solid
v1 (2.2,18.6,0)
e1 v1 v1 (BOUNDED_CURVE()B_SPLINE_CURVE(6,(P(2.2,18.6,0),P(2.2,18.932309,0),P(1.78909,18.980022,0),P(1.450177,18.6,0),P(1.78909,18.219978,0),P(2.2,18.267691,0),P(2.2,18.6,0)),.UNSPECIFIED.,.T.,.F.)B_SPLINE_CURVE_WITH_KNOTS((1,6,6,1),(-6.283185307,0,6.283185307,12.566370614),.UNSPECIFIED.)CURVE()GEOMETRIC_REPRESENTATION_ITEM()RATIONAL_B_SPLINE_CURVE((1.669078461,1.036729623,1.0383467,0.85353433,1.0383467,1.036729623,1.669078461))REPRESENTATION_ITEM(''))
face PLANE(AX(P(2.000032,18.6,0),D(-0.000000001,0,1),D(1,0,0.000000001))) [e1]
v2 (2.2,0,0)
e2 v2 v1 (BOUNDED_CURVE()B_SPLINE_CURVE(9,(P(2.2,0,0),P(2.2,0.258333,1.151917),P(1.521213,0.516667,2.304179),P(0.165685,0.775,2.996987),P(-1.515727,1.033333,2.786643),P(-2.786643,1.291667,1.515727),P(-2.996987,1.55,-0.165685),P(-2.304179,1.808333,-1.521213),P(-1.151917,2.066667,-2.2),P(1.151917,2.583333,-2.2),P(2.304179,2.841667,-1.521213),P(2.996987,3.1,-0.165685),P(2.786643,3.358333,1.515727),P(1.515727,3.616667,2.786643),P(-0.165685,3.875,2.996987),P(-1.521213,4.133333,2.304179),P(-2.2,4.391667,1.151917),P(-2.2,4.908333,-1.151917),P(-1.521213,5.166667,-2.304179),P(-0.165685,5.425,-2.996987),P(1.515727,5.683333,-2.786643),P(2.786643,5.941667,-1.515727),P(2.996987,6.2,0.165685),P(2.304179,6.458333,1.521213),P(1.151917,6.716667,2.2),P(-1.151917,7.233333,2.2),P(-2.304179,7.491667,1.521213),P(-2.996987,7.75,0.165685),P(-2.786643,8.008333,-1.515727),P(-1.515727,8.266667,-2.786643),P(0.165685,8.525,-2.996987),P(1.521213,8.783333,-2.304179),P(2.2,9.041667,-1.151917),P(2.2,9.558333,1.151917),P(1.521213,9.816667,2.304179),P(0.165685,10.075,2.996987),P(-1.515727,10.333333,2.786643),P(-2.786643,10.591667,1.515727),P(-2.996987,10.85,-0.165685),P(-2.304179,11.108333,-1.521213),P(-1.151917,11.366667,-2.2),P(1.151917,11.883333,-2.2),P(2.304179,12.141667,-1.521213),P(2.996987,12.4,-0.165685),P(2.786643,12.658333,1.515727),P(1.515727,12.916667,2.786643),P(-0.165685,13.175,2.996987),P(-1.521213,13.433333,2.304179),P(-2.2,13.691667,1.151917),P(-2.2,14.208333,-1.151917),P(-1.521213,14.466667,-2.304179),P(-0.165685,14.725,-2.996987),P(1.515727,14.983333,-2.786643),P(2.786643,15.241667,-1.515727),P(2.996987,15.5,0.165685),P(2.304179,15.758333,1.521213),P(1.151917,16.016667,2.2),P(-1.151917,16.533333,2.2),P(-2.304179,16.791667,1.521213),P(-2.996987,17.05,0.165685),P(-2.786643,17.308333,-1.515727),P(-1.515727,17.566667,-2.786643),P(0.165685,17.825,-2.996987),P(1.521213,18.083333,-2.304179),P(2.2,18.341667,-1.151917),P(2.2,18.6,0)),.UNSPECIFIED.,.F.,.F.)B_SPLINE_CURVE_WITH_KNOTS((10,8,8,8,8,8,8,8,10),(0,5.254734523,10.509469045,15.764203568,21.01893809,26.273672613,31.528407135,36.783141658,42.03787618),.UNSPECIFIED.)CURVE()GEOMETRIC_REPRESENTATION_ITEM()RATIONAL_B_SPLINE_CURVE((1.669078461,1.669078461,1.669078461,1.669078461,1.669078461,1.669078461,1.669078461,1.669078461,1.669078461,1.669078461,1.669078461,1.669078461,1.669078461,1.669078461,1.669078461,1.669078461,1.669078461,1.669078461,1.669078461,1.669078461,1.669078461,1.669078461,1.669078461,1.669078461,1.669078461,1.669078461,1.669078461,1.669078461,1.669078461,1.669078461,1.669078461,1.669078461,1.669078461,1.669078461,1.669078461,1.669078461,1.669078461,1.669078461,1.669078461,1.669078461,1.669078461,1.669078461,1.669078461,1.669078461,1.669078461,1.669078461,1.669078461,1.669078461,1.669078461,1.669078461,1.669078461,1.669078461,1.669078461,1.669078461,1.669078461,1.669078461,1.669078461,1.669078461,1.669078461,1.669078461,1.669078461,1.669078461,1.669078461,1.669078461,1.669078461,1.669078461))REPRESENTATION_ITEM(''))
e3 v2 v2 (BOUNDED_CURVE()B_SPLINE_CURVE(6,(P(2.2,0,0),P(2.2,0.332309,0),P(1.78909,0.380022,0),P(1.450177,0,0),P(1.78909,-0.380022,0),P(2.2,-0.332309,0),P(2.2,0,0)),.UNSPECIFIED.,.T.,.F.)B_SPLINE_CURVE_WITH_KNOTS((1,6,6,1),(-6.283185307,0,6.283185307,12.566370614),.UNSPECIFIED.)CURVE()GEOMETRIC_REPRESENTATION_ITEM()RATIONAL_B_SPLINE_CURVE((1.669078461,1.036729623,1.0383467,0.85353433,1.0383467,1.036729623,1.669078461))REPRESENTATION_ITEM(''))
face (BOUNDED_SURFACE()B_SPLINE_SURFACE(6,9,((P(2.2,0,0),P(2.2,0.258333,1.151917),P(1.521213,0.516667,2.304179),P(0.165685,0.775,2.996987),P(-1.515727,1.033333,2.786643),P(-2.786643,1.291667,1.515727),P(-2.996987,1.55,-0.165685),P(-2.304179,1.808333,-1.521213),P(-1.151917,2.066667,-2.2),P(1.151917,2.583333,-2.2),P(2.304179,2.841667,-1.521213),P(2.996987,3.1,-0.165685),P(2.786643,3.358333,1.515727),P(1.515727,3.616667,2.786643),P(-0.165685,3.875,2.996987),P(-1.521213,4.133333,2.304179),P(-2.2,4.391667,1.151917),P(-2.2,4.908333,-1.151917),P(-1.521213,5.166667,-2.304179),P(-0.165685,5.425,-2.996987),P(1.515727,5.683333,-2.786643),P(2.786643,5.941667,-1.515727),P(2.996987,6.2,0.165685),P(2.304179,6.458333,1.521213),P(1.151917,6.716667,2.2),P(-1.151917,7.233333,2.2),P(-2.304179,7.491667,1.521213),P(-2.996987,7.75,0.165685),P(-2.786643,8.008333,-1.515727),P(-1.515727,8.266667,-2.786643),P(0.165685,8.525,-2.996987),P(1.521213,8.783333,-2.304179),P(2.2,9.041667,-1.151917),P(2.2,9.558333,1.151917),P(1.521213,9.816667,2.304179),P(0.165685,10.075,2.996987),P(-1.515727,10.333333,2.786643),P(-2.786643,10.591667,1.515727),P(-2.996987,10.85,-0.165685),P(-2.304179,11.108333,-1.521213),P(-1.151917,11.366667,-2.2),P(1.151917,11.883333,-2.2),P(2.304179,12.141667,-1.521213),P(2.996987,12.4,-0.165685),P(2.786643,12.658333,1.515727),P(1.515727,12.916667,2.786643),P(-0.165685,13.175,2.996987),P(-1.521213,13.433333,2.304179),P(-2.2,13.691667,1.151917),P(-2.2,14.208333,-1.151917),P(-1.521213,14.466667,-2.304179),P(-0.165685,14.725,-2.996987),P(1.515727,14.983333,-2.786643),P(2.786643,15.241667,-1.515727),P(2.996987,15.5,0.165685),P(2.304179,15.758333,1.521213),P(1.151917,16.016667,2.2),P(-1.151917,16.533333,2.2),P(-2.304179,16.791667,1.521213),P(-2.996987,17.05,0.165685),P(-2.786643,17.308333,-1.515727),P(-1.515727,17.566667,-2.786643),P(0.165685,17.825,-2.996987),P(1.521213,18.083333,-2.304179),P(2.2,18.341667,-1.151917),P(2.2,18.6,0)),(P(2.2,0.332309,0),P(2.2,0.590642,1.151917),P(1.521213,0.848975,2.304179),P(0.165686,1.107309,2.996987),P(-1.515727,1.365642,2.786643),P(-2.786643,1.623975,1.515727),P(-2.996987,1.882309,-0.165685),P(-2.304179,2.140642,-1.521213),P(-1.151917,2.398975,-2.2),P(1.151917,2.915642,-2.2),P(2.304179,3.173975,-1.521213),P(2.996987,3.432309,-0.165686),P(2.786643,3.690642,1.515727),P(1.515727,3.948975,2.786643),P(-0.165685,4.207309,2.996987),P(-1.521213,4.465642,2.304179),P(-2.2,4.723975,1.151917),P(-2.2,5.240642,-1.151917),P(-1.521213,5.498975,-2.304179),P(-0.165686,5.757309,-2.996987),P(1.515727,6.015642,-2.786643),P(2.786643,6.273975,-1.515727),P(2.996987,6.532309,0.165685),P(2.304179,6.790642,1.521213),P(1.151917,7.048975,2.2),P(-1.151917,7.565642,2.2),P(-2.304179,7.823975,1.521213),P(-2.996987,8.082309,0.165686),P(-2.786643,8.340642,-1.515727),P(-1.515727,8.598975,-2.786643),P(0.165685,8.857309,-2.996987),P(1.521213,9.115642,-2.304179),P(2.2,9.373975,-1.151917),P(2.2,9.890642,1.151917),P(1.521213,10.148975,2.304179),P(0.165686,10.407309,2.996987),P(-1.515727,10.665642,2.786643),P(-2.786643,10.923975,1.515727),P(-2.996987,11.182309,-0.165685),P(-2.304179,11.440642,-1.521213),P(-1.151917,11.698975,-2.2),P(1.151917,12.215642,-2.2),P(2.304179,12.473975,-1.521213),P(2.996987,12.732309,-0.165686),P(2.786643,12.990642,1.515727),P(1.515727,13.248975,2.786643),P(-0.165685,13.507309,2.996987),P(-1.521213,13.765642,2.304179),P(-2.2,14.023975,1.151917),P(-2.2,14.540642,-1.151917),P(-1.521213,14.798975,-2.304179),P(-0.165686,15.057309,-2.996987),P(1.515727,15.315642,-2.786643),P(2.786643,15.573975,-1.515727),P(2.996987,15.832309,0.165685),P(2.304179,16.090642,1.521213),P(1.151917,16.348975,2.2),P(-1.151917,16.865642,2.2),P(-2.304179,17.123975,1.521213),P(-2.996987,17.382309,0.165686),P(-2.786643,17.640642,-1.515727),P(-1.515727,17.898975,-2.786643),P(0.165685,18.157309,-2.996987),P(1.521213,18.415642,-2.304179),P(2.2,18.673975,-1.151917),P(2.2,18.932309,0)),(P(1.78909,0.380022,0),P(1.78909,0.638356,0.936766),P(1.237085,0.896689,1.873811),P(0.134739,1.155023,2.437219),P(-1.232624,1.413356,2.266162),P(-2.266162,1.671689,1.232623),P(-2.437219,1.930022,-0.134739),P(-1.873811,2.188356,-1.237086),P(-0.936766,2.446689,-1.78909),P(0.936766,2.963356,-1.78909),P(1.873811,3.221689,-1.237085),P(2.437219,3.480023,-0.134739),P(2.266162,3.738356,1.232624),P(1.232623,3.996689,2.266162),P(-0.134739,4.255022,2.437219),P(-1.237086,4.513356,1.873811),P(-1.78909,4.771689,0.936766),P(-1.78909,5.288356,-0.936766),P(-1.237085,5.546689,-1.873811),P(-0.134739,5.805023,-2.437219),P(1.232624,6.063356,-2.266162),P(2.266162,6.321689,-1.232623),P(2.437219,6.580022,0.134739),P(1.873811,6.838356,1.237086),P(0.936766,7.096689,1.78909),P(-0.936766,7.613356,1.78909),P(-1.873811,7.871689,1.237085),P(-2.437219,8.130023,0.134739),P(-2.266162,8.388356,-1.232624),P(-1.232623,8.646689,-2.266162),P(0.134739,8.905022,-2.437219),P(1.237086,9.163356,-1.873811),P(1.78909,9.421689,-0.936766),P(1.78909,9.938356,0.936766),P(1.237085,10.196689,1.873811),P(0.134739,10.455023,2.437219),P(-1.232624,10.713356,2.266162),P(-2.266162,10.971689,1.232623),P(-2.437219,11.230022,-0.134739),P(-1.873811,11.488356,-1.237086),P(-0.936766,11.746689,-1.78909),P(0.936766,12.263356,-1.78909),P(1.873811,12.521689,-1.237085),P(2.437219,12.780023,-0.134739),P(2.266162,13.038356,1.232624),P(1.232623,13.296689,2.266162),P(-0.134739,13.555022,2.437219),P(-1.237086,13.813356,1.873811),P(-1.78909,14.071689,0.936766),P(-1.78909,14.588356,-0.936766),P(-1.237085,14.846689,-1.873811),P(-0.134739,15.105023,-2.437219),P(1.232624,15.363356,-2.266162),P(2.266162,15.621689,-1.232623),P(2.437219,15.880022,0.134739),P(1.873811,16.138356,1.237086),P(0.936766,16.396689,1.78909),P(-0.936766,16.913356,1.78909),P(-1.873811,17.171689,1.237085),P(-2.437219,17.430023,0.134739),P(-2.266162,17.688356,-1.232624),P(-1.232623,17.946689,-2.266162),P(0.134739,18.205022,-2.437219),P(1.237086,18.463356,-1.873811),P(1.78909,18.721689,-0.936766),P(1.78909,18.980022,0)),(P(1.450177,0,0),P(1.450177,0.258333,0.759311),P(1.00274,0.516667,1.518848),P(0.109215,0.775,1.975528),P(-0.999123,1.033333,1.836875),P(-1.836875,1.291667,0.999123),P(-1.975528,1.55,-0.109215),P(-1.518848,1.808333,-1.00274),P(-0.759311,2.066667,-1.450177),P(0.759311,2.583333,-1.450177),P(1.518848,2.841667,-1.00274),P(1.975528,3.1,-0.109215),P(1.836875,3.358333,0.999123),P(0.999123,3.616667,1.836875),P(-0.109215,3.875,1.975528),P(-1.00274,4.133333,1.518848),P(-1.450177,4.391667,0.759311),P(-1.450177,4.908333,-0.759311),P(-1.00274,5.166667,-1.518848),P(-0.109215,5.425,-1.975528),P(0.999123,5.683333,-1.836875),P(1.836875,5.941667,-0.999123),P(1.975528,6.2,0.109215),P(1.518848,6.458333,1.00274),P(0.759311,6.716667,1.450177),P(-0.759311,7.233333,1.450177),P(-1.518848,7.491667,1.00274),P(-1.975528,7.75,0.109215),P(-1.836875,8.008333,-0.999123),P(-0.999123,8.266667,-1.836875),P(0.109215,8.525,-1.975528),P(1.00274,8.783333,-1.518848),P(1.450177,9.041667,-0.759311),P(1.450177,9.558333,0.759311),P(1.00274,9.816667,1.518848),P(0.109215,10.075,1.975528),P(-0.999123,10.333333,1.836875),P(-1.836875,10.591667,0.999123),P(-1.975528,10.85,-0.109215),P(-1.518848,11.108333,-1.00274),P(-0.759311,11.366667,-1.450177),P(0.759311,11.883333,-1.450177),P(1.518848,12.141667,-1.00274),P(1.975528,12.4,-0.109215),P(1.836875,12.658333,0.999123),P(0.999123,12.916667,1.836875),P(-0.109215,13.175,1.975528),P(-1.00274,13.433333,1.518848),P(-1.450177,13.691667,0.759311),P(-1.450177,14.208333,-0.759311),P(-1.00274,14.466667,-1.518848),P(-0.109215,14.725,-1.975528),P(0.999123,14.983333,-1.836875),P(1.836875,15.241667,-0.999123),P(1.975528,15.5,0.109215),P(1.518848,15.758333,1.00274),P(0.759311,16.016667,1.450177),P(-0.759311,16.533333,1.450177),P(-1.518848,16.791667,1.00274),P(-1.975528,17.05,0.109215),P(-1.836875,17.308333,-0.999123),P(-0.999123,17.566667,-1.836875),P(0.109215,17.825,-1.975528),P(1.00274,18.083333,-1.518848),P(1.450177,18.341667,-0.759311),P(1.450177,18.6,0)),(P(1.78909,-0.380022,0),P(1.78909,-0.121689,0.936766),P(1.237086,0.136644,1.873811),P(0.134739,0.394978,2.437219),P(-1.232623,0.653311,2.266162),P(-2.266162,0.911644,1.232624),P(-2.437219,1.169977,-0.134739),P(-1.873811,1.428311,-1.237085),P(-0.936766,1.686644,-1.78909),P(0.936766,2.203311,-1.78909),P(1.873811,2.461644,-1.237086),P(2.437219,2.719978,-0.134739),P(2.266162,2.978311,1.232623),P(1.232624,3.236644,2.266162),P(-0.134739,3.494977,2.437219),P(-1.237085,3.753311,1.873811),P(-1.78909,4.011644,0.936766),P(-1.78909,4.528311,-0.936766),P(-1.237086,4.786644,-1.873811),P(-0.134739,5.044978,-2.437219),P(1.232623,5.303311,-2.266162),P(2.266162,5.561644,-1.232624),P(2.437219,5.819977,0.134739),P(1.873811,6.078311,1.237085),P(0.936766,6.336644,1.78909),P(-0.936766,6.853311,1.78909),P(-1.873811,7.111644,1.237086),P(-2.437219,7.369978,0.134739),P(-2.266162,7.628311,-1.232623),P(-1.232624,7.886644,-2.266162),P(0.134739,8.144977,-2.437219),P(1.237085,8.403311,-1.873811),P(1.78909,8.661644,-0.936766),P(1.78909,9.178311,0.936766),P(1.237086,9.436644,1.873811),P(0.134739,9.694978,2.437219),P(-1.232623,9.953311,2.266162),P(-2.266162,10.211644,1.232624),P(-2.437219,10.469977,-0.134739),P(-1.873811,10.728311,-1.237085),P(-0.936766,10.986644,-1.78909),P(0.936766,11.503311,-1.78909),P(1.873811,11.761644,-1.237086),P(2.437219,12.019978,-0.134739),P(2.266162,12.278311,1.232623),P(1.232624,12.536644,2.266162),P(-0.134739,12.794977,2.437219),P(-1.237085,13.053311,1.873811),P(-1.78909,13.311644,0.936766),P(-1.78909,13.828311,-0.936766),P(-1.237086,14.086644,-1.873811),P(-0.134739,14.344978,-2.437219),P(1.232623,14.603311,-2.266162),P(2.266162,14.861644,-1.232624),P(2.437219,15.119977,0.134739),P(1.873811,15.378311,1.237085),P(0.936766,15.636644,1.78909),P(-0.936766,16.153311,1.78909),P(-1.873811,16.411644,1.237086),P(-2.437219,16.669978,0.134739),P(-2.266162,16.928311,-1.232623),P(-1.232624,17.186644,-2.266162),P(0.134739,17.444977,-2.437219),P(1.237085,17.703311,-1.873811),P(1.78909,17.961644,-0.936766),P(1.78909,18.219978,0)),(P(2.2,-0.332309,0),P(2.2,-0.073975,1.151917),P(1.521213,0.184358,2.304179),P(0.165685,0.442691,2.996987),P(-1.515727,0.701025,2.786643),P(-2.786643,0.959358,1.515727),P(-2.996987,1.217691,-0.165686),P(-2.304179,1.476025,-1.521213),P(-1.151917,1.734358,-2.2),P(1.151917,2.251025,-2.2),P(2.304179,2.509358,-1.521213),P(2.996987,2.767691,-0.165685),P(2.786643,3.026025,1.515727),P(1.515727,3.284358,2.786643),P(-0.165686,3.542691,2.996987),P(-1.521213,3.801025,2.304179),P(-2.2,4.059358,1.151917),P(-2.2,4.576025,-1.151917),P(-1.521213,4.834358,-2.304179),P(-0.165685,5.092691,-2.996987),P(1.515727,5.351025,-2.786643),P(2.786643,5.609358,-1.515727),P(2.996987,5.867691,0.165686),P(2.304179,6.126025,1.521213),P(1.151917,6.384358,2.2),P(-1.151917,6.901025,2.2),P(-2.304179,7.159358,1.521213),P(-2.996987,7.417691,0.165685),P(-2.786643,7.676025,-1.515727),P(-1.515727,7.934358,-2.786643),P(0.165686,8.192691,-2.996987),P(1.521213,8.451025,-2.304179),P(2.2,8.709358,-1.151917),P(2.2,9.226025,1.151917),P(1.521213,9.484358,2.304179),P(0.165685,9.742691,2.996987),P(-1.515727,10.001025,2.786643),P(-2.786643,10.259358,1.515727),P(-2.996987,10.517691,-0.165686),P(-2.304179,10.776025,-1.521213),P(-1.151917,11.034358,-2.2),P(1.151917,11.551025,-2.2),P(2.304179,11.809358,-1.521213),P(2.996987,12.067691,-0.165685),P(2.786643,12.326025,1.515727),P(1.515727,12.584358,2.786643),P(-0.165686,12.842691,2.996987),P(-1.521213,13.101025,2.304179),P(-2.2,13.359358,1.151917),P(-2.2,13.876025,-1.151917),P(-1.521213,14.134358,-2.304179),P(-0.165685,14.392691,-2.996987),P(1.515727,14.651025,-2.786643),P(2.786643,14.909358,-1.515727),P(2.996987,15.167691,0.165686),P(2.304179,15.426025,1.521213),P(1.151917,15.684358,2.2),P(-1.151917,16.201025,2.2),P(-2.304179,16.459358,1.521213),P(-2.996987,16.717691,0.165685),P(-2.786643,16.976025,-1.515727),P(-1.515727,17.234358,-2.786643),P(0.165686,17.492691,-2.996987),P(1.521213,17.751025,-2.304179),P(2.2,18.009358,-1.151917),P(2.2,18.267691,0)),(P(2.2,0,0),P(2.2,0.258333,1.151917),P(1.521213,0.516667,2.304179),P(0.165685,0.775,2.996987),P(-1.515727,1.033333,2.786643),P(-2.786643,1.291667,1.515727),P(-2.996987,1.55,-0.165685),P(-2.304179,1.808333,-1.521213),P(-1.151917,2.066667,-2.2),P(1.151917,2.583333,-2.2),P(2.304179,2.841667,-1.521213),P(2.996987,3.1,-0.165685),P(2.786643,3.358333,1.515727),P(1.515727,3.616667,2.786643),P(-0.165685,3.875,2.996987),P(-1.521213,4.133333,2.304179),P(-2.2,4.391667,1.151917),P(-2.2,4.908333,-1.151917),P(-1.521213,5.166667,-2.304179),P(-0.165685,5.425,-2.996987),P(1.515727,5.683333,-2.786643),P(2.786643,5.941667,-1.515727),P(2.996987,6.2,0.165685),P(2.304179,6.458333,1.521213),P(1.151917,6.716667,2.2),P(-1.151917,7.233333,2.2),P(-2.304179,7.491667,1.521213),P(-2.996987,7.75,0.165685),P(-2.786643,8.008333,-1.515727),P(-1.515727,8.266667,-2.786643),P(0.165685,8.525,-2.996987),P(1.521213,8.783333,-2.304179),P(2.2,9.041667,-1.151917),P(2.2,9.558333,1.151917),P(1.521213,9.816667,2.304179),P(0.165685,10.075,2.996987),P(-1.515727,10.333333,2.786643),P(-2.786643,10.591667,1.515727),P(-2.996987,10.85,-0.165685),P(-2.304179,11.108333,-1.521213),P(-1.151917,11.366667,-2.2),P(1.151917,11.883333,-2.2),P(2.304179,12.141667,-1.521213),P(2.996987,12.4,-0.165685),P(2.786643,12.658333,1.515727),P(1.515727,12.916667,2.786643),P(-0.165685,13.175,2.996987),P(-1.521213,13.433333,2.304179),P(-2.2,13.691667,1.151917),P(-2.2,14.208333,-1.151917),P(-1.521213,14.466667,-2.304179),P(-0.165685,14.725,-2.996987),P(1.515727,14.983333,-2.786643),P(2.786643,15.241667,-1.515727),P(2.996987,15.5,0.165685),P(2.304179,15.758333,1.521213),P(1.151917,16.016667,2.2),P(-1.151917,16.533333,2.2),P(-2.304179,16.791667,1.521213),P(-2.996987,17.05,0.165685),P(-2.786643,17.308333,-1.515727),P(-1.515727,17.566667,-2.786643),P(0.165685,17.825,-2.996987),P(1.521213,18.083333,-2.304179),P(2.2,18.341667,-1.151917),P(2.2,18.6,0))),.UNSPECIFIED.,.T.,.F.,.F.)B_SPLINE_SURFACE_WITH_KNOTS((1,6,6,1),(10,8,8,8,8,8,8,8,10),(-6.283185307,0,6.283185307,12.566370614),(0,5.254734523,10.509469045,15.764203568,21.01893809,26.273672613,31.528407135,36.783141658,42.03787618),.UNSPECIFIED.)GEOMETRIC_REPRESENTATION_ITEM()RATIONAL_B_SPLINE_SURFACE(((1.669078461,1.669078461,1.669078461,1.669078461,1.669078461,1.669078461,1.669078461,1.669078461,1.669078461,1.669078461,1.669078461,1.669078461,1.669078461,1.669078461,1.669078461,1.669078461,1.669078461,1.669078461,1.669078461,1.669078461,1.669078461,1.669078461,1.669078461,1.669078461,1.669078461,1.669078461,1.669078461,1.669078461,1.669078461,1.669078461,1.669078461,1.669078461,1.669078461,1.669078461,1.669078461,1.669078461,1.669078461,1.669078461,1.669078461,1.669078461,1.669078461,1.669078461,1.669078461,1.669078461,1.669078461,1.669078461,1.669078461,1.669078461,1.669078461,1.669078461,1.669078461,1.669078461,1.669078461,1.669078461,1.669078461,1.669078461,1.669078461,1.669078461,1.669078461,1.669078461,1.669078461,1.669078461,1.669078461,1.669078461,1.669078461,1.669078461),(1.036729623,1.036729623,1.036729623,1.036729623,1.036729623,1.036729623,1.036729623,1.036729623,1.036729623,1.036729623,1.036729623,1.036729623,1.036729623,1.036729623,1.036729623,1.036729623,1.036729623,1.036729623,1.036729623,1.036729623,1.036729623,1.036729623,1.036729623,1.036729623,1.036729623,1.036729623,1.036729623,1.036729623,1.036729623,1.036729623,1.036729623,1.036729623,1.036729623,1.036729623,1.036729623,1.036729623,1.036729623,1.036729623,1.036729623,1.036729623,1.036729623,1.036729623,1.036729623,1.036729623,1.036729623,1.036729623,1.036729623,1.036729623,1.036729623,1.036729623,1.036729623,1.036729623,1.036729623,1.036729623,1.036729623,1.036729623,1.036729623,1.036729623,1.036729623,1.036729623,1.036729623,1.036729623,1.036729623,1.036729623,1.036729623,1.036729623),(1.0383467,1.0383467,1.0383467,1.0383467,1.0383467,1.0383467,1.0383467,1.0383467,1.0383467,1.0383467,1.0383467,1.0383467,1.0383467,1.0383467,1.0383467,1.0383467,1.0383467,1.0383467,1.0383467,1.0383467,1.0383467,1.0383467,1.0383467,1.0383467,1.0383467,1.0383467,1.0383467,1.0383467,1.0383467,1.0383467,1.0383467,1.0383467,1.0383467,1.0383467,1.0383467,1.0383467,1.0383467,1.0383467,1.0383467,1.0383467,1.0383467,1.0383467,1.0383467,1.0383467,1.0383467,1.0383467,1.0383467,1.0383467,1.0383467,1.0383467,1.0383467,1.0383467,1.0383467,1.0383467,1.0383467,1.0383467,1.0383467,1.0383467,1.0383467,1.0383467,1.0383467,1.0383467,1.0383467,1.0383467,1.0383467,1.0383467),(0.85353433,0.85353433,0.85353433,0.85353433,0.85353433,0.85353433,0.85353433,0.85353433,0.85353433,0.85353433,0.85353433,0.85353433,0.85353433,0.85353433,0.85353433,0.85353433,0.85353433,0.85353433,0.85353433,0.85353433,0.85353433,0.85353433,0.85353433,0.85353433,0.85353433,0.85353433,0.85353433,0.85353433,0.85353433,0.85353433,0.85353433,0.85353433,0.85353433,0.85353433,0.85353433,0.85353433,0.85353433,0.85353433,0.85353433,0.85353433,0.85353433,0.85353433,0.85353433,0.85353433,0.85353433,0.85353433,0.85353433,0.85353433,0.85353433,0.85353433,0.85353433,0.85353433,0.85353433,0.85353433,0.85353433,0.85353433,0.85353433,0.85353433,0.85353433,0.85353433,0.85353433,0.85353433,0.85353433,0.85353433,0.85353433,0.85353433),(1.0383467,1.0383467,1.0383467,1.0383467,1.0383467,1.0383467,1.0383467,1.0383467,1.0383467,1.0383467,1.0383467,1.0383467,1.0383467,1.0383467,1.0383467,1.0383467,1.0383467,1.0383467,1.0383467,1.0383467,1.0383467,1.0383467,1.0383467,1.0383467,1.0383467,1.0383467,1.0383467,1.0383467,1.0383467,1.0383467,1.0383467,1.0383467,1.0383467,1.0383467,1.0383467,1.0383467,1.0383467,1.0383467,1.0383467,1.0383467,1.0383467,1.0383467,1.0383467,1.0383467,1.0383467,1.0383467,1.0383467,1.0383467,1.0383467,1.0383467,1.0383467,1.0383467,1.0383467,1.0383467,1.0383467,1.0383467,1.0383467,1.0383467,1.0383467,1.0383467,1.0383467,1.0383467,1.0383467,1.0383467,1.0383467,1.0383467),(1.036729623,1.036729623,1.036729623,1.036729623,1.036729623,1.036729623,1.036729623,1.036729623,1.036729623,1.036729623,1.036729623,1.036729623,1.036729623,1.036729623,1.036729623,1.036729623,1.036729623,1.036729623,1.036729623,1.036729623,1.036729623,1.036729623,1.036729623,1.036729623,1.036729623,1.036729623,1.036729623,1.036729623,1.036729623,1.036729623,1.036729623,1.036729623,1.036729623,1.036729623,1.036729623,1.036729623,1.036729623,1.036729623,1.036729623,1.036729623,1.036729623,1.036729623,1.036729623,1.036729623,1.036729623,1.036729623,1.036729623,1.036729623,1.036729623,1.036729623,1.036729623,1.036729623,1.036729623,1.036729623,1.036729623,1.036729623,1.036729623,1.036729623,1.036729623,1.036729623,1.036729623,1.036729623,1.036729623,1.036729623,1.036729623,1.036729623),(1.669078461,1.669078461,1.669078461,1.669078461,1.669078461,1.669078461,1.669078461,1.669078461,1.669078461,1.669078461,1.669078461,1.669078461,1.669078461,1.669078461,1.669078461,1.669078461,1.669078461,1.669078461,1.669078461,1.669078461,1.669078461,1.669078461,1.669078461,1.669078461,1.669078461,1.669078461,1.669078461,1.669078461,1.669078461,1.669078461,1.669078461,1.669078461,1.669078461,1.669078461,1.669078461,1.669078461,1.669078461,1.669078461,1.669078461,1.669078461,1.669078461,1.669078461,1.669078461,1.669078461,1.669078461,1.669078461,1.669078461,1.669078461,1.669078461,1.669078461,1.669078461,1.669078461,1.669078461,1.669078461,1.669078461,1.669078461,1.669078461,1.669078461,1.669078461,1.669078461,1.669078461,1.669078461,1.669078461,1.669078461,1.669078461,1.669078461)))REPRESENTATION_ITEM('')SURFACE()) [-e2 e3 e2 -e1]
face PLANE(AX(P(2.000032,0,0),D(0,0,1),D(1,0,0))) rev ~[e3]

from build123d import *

# Parameters (mm, degrees)
SWEEP1_PITCH       = 3.1
SWEEP1_HEIGHT      = 18.6
SWEEP1_RADIUS      = 2
SWEEP1_START_ANGLE = 90
SKETCH4_R          = 0.2


with BuildPart() as part:
    # Sweep1: sweep along a helix
    with BuildLine() as sweep1_path:
        add(Helix(SWEEP1_PITCH, SWEEP1_HEIGHT, SWEEP1_RADIUS, center=(0, 0, 0), direction=(0, 1, 0), lefthand=True, mode=Mode.PRIVATE).rotate(Axis((0, 0, 0), (0, 1, 0)), SWEEP1_START_ANGLE))
    # Sketch4 → Sweep1 (sweep)
    with BuildSketch(Plane.XY):
        with Locations((2, 0)):
            Circle(SKETCH4_R)
    sweep(path=sweep1_path.line, is_frenet=True)


solid = part.part
